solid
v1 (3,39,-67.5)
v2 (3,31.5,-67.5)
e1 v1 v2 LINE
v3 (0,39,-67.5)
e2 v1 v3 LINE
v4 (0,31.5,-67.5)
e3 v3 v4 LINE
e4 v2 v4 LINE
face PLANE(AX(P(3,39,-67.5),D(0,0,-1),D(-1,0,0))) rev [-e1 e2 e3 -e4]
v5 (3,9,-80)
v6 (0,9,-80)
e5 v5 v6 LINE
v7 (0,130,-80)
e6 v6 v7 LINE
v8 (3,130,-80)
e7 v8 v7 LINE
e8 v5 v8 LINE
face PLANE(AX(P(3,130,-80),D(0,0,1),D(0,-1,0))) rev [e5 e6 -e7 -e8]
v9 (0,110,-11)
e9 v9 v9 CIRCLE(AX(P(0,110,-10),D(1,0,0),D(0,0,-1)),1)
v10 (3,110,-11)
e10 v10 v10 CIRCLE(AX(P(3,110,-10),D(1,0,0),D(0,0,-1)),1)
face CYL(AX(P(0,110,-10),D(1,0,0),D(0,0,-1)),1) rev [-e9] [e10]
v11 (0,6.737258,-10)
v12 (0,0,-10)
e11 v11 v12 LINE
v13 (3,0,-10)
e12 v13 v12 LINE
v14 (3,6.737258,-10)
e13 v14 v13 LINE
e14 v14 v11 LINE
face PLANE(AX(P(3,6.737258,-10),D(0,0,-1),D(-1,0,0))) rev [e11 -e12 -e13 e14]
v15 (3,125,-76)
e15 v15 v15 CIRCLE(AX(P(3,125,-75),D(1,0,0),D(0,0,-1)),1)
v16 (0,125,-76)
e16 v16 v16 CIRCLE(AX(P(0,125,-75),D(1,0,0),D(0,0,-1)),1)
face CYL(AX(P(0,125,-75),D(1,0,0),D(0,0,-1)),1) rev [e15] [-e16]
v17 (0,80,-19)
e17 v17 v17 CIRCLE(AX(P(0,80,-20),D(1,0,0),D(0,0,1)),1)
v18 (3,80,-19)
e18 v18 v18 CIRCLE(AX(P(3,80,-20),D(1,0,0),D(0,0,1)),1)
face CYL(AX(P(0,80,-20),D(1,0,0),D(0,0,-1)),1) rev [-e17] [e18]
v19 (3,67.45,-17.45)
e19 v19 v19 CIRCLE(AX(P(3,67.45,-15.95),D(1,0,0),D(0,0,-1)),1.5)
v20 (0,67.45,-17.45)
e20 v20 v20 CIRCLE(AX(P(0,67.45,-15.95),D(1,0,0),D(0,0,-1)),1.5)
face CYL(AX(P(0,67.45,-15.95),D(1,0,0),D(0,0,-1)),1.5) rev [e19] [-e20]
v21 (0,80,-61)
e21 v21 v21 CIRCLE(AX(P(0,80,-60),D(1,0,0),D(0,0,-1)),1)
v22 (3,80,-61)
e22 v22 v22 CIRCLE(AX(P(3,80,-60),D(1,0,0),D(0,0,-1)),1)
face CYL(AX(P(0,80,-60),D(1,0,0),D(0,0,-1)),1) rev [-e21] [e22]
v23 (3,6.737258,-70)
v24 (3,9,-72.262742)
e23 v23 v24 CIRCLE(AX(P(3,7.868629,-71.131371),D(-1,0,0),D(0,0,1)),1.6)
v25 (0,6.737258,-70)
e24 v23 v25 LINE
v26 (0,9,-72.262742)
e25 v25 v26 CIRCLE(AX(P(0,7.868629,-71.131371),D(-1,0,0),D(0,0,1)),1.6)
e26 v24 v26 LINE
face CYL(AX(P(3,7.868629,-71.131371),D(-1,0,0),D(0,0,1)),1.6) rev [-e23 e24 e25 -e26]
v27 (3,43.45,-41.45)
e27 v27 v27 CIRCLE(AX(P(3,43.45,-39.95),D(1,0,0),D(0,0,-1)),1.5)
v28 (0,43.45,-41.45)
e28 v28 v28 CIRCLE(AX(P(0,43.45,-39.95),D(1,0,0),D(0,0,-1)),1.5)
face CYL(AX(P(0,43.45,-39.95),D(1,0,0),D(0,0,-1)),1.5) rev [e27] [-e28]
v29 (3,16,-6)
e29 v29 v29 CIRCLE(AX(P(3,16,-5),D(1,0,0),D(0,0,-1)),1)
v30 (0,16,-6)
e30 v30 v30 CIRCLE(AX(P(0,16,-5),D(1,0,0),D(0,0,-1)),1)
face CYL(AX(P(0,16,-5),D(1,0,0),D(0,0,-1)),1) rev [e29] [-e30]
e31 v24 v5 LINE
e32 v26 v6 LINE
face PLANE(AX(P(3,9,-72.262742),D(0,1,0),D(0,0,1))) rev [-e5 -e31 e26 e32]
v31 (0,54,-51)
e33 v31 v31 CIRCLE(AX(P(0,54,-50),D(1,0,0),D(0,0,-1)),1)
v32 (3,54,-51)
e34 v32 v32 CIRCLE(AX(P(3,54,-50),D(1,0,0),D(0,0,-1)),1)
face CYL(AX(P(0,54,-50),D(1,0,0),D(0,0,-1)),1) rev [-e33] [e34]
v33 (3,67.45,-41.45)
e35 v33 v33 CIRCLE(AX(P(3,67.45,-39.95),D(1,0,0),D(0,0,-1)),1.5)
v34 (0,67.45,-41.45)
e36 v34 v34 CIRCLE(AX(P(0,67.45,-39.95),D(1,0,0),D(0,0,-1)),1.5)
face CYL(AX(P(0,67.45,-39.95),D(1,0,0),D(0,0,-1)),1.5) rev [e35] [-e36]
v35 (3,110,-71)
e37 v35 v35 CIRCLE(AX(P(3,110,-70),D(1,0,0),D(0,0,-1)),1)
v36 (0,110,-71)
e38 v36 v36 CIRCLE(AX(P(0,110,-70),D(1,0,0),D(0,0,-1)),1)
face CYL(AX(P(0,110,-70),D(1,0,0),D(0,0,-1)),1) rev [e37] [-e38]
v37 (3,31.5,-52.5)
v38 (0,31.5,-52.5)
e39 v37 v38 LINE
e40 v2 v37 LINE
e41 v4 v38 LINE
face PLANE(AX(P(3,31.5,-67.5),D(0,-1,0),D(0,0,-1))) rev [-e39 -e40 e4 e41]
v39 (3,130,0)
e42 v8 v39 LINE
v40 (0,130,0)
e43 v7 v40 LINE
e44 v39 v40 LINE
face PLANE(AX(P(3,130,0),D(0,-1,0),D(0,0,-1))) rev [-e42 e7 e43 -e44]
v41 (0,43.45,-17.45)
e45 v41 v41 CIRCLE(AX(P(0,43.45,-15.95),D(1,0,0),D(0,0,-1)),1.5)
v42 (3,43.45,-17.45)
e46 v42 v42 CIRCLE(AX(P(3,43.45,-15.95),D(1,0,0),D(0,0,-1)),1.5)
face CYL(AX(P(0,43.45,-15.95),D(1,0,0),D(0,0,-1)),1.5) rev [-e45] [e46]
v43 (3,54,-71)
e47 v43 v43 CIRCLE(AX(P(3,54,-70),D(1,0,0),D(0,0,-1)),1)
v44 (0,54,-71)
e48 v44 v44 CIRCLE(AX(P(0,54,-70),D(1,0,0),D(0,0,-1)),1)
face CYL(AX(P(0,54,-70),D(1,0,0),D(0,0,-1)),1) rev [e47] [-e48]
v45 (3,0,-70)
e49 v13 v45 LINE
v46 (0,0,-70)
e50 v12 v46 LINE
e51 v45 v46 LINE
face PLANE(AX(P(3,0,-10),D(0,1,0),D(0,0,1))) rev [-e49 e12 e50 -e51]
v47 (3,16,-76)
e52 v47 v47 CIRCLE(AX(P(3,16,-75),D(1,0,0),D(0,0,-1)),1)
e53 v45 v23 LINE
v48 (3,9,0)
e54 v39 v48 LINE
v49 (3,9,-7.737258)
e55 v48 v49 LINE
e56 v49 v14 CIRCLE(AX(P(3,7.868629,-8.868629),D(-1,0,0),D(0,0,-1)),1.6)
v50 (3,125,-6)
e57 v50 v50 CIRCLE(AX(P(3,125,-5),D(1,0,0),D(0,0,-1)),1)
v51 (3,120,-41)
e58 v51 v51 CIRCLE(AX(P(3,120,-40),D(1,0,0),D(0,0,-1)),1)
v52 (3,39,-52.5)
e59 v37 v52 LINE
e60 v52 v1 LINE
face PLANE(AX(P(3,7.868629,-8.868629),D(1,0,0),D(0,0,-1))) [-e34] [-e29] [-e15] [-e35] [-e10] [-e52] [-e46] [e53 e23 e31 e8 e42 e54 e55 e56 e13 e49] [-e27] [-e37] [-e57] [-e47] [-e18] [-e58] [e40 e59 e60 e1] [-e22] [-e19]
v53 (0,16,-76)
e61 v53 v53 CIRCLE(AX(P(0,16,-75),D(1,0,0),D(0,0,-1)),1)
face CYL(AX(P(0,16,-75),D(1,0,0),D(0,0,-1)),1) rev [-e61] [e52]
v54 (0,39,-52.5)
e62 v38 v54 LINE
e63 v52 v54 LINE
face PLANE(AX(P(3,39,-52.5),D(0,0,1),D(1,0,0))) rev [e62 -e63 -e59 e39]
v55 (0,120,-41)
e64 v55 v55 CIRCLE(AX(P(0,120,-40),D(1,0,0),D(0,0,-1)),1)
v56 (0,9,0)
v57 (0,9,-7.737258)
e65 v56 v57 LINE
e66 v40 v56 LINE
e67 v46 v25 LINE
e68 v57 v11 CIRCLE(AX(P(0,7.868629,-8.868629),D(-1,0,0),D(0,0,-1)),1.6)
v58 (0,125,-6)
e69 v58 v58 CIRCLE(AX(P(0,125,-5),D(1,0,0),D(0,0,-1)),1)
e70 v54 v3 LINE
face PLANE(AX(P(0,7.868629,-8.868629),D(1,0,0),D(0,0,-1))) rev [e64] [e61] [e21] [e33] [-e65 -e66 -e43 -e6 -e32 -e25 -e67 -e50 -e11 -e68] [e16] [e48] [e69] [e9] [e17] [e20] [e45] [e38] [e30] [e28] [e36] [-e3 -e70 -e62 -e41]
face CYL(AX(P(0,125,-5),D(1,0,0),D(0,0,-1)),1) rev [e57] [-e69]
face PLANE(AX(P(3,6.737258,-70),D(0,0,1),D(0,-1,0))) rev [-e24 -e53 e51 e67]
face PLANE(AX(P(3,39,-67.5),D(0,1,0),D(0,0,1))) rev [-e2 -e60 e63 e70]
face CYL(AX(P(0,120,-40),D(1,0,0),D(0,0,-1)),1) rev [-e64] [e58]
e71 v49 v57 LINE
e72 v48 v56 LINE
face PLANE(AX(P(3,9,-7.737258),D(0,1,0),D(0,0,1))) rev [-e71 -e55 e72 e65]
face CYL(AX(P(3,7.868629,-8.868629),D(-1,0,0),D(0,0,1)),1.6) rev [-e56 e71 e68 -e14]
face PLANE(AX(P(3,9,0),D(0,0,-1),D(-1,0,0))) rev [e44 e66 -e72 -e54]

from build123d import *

# Parameters (mm, degrees)
EXTRUSION1_DEPTH        = 3
ESQUISSE2_R             = 1
ESQUISSE2_R_2           = 1.5
ENL_V_MAT_EXTRU_1_DEPTH = 4
ESQUISSE3_W             = 15
ESQUISSE3_H             = 7.5
ENL_V_MAT_EXTRU_2_DEPTH = 4
ESQUISSE4_R             = 1
ENL_V_MAT_EXTRU_3_DEPTH = 4


with BuildPart() as part:
    # Esquisse1 → Extrusion1 (new body)
    with BuildSketch(Plane(origin=(0, 0, 0), x_dir=(0, 0, -1), z_dir=(1, 0, 0))):
        with BuildLine():
            Line((10, 6.7372583), (10, 0))
            Line((10, 0), (70, 0))
            Line((70, 0), (70, 6.7372583))
            ThreePointArc((70, 6.7372583), (70, 9), (72.2627417, 9))
            Line((72.2627417, 9), (80, 9))
            Line((80, 9), (80, 130))
            Line((80, 130), (0, 130))
            Line((0, 130), (0, 9))
            Line((0, 9), (7.7372583, 9))
            ThreePointArc((7.7372583, 9), (10, 9), (10, 6.7372583))
        make_face()
    extrude(amount=EXTRUSION1_DEPTH)

    # Esquisse2 → Enlèv. mat.-Extru.1 (cut, through all)
    with BuildSketch(Plane(origin=(3, 0, 0), x_dir=(0, 0, -1), z_dir=(1, 0, 0))):
        with Locations((60, 80)):
            Circle(ESQUISSE2_R)
        with Locations((10, 110)):
            Circle(ESQUISSE2_R)
        with Locations(Location((20, 80, 0), (0, 0, 180))):  # turned: the seam where the file's is
            Circle(ESQUISSE2_R)
        with Locations((70, 110)):
            Circle(ESQUISSE2_R)
        with Locations((15.95, 67.45)):
            Circle(ESQUISSE2_R_2)
        with Locations((15.95, 43.45)):
            Circle(ESQUISSE2_R_2)
        with Locations((39.95, 43.45)):
            Circle(ESQUISSE2_R_2)
        with Locations((39.95, 67.45)):
            Circle(ESQUISSE2_R_2)
        with Locations((40, 120)):
            Circle(ESQUISSE2_R)
        with Locations((70, 54)):
            Circle(ESQUISSE2_R)
        with Locations((50, 54)):
            Circle(ESQUISSE2_R)
    extrude(amount=-ENL_V_MAT_EXTRU_1_DEPTH, mode=Mode.SUBTRACT)

    # Esquisse3 → Enlèv. mat.-Extru.2 (cut, through all)
    with BuildSketch(Plane.ZY):
        with Locations((-60, 35.25)):
            Rectangle(ESQUISSE3_W, ESQUISSE3_H)
    extrude(amount=-ENL_V_MAT_EXTRU_2_DEPTH, mode=Mode.SUBTRACT)

    # Esquisse4 → Enlèv. mat.-Extru.3 (cut, through all)
    with BuildSketch(Plane(origin=(3, 0, 0), x_dir=(0, 0, -1), z_dir=(1, 0, 0))):
        with Locations((5, 125)):
            Circle(ESQUISSE4_R)
        with Locations((75, 125)):
            Circle(ESQUISSE4_R)
        with Locations((75, 16)):
            Circle(ESQUISSE4_R)
        with Locations((5, 16)):
            Circle(ESQUISSE4_R)
    extrude(amount=-ENL_V_MAT_EXTRU_3_DEPTH, mode=Mode.SUBTRACT)


solid = part.part
